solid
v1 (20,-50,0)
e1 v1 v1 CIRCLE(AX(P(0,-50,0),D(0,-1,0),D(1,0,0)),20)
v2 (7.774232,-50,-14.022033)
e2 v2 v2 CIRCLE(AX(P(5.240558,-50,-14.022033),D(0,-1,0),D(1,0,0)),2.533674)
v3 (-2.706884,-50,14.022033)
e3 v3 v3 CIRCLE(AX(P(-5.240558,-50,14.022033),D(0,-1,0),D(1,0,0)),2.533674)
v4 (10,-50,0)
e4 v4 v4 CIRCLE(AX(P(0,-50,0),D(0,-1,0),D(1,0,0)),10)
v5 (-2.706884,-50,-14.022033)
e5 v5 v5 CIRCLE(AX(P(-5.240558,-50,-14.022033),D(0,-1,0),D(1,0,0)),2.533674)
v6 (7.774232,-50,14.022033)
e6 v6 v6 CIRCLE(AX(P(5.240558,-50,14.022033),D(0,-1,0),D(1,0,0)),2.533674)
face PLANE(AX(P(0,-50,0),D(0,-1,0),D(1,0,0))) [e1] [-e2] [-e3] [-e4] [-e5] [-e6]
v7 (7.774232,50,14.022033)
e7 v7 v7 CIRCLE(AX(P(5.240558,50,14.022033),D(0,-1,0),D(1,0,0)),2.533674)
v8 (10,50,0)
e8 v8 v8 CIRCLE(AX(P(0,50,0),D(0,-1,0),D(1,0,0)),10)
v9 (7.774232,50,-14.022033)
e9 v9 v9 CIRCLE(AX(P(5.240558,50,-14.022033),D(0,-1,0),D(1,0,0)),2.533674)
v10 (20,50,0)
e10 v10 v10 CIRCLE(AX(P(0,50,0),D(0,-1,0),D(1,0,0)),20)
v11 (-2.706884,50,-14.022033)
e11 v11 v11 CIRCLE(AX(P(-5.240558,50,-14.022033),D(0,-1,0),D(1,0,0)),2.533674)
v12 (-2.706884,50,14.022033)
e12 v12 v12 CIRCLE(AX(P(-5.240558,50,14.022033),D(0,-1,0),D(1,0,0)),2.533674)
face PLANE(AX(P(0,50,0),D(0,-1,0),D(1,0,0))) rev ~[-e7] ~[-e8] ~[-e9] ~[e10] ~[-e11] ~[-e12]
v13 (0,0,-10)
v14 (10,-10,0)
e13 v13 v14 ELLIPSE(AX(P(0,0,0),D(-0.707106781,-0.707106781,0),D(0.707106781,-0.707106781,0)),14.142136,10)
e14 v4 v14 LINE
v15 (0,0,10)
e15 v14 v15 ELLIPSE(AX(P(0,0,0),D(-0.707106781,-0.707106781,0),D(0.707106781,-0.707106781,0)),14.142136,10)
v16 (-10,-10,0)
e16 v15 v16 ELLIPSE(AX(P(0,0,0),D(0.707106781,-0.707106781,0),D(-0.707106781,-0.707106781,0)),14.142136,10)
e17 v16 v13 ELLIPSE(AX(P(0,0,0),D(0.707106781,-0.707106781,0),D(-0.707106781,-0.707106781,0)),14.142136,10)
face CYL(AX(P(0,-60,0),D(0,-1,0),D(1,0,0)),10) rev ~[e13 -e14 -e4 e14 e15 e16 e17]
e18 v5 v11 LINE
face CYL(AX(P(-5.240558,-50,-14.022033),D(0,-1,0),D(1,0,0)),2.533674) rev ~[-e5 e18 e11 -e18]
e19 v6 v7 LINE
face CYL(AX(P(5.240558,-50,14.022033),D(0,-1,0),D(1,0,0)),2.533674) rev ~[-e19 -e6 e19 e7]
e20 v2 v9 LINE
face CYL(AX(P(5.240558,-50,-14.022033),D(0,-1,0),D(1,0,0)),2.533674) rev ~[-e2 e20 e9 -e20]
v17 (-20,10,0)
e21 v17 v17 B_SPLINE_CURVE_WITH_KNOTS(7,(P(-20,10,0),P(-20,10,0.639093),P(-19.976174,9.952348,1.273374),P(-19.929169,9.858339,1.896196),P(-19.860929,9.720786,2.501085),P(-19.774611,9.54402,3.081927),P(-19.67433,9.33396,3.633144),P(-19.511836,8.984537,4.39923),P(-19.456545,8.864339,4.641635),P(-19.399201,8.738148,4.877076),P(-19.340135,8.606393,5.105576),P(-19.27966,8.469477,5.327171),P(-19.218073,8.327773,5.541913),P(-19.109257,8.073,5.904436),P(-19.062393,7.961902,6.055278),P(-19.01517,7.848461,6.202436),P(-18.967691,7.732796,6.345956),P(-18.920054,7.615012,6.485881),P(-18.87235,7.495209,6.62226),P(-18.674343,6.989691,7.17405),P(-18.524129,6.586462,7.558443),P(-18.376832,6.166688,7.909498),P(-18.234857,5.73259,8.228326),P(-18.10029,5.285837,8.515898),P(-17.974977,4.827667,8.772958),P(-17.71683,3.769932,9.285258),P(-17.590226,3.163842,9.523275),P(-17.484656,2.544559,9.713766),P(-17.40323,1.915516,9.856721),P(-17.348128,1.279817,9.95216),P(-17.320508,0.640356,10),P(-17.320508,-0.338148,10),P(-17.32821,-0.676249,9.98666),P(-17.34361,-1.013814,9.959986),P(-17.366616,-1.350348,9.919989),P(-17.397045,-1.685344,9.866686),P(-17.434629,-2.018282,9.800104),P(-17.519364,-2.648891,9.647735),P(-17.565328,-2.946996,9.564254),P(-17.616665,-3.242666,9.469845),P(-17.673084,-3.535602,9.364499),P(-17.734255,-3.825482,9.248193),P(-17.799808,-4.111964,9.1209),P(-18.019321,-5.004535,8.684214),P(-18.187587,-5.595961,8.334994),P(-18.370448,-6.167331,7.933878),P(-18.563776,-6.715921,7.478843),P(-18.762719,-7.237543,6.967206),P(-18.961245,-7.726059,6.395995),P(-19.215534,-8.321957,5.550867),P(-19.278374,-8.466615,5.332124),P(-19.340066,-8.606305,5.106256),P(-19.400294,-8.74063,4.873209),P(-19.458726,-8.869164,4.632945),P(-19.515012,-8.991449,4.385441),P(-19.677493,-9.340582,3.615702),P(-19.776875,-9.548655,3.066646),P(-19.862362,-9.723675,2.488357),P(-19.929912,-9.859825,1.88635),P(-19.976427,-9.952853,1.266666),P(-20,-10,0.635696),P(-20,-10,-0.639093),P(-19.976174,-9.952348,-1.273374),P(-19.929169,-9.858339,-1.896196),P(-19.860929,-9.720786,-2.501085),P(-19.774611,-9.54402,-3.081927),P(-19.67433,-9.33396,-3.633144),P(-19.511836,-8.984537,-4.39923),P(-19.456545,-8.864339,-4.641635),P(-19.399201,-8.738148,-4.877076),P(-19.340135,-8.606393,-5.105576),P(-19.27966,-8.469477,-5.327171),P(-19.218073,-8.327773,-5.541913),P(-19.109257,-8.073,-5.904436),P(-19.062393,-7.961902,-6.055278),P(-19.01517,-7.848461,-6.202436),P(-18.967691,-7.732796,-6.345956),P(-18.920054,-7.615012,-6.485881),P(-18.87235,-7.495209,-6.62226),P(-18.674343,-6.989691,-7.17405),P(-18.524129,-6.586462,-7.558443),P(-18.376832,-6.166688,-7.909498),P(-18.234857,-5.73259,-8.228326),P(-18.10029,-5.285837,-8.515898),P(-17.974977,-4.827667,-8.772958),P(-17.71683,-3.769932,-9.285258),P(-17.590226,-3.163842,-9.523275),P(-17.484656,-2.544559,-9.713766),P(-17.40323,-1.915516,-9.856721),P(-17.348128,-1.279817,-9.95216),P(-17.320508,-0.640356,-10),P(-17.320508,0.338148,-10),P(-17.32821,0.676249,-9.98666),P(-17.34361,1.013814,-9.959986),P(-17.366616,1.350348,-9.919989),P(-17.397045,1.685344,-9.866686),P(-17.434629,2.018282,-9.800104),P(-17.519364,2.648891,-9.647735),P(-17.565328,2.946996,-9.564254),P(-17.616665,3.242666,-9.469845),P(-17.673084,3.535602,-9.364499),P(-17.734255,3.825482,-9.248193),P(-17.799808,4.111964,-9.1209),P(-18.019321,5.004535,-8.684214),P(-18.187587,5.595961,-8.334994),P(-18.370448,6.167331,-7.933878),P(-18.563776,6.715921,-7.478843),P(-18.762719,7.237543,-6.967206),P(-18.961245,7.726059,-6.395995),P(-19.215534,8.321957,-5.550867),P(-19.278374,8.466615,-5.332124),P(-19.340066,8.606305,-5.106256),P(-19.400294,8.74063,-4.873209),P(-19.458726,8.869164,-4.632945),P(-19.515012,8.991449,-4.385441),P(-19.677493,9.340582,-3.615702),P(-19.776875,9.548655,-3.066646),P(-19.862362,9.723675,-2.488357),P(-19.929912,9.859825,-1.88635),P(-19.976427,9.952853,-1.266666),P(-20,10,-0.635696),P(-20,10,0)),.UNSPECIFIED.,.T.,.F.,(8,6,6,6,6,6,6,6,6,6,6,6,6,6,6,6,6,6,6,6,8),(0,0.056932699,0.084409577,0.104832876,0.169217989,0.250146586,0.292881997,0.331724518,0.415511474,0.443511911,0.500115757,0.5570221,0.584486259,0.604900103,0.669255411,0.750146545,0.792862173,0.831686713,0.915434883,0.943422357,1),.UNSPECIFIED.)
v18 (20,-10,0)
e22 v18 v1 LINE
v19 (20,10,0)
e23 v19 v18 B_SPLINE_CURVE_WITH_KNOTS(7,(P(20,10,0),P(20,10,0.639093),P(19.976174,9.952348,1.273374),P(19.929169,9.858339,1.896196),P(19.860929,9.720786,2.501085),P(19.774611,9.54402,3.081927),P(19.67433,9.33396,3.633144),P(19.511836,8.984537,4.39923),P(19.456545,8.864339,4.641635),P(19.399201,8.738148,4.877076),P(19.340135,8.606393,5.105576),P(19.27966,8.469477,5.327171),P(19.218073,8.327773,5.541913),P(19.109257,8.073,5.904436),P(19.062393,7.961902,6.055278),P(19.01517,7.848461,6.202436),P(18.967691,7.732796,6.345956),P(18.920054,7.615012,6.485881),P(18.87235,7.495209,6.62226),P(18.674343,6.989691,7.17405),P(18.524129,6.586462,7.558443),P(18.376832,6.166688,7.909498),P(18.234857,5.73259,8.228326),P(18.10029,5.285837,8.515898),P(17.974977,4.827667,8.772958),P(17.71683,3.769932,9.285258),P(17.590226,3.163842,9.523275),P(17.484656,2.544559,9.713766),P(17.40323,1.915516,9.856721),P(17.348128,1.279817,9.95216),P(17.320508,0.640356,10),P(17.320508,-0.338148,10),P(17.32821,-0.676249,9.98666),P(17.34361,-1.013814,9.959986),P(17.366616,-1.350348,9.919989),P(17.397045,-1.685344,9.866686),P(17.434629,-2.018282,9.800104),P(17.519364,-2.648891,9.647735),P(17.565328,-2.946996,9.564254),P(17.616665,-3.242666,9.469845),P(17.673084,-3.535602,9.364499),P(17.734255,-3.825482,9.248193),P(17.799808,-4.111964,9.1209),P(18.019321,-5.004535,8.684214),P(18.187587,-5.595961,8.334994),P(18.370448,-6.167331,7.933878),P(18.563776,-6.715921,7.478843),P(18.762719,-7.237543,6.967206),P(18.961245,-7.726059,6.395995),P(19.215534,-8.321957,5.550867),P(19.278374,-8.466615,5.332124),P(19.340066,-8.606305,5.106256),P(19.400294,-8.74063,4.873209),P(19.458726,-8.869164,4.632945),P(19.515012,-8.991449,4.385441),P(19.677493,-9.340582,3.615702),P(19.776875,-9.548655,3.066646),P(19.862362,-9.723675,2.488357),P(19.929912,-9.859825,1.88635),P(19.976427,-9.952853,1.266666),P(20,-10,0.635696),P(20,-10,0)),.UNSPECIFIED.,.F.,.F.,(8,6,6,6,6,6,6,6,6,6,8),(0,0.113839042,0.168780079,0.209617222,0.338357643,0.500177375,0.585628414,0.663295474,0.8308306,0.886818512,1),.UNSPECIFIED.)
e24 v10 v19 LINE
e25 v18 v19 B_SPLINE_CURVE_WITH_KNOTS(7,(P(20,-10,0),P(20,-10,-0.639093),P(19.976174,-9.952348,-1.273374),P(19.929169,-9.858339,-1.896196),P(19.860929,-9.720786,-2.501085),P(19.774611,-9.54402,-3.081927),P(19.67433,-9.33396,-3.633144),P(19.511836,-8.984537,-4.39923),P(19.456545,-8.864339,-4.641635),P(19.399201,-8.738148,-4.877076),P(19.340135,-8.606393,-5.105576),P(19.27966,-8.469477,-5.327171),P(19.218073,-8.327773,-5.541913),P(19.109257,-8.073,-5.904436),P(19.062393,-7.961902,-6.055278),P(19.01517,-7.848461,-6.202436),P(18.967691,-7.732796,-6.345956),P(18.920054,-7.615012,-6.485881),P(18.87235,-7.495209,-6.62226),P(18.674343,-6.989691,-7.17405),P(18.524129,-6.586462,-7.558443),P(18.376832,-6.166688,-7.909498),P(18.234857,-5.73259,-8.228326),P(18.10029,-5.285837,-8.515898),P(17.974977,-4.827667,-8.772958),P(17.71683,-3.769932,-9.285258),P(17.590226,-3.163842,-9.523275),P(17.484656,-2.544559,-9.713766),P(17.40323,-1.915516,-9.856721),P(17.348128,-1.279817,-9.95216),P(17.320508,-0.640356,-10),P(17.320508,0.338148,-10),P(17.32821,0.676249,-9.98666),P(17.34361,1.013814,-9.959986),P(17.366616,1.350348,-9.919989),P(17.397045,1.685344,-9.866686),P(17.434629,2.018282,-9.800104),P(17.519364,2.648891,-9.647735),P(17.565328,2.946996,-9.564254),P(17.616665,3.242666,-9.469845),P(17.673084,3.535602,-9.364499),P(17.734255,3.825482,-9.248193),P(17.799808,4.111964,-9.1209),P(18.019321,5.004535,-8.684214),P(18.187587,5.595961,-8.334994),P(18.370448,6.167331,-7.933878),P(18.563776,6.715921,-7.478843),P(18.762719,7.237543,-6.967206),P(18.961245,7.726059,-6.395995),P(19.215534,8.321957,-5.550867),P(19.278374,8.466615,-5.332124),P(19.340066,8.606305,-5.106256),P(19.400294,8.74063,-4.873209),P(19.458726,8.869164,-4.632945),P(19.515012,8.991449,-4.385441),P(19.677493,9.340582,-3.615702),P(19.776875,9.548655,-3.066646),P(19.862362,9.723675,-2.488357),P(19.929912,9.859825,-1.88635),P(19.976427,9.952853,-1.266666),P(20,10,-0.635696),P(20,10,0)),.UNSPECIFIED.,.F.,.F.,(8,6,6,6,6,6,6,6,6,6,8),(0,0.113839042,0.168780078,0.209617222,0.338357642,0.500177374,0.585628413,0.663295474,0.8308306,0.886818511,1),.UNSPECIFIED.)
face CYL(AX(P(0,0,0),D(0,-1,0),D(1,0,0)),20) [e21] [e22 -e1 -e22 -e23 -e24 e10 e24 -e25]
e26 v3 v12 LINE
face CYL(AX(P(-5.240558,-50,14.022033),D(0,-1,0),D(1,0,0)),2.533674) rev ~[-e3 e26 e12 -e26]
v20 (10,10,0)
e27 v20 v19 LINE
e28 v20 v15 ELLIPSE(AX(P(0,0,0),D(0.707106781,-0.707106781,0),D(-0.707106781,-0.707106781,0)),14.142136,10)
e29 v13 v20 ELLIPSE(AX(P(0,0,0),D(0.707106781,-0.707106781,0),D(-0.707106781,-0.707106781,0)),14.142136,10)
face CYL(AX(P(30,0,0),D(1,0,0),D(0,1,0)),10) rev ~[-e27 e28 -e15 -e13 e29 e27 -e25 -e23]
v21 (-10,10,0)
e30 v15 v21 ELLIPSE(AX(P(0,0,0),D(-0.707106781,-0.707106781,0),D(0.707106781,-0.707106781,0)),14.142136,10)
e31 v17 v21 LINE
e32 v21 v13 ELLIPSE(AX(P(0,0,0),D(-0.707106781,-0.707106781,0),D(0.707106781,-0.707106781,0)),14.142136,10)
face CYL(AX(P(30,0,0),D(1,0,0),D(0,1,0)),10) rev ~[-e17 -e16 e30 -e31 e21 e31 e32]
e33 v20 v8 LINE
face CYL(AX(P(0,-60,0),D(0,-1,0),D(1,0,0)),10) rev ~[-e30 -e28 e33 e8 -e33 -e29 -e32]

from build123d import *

# Parameters (mm, degrees)
F0_R      = 20
F1_DEPTH  = 50
F3_R      = 10
F4_DEPTH  = 120
F6_R      = 10
F7_DEPTH  = 50
F8_R      = 2.533674
F9_DEPTH  = 101
F10_DEPTH = 101


with BuildPart() as f1:
    # F0 (on Front) → F1 (new body, symmetric)
    with BuildSketch(Plane.XZ):
        Circle(F0_R)
    extrude(amount=F1_DEPTH, both=True)

    # F3 (on offset) → F4 (cut)
    with BuildSketch(Plane.XZ.offset(60)):
        Circle(F3_R)
    extrude(amount=-F4_DEPTH, mode=Mode.SUBTRACT)

    # F6 (on offset) → F7 (cut, symmetric)
    with BuildSketch(Plane.YZ.offset(30)):
        Circle(F6_R)
    extrude(amount=F7_DEPTH, both=True, mode=Mode.SUBTRACT)

    # F8 (on face) → F9 (cut)
    with BuildSketch(Plane.XZ.offset(50)):
        with Locations((5.240558, 14.022033)):
            Circle(F8_R)
    extrude(amount=-F9_DEPTH, mode=Mode.SUBTRACT)

    # F8 (on face) → F10 (cut)
    with BuildSketch(Plane.XZ.offset(50)):
        with Locations((-5.240558, 14.022033)):
            Circle(F8_R)
        with Locations((-5.240558, -14.022033)):
            Circle(F8_R)
        with Locations((5.240558, -14.022033)):
            Circle(F8_R)
    extrude(amount=-F10_DEPTH, mode=Mode.SUBTRACT)


solid = f1.part
